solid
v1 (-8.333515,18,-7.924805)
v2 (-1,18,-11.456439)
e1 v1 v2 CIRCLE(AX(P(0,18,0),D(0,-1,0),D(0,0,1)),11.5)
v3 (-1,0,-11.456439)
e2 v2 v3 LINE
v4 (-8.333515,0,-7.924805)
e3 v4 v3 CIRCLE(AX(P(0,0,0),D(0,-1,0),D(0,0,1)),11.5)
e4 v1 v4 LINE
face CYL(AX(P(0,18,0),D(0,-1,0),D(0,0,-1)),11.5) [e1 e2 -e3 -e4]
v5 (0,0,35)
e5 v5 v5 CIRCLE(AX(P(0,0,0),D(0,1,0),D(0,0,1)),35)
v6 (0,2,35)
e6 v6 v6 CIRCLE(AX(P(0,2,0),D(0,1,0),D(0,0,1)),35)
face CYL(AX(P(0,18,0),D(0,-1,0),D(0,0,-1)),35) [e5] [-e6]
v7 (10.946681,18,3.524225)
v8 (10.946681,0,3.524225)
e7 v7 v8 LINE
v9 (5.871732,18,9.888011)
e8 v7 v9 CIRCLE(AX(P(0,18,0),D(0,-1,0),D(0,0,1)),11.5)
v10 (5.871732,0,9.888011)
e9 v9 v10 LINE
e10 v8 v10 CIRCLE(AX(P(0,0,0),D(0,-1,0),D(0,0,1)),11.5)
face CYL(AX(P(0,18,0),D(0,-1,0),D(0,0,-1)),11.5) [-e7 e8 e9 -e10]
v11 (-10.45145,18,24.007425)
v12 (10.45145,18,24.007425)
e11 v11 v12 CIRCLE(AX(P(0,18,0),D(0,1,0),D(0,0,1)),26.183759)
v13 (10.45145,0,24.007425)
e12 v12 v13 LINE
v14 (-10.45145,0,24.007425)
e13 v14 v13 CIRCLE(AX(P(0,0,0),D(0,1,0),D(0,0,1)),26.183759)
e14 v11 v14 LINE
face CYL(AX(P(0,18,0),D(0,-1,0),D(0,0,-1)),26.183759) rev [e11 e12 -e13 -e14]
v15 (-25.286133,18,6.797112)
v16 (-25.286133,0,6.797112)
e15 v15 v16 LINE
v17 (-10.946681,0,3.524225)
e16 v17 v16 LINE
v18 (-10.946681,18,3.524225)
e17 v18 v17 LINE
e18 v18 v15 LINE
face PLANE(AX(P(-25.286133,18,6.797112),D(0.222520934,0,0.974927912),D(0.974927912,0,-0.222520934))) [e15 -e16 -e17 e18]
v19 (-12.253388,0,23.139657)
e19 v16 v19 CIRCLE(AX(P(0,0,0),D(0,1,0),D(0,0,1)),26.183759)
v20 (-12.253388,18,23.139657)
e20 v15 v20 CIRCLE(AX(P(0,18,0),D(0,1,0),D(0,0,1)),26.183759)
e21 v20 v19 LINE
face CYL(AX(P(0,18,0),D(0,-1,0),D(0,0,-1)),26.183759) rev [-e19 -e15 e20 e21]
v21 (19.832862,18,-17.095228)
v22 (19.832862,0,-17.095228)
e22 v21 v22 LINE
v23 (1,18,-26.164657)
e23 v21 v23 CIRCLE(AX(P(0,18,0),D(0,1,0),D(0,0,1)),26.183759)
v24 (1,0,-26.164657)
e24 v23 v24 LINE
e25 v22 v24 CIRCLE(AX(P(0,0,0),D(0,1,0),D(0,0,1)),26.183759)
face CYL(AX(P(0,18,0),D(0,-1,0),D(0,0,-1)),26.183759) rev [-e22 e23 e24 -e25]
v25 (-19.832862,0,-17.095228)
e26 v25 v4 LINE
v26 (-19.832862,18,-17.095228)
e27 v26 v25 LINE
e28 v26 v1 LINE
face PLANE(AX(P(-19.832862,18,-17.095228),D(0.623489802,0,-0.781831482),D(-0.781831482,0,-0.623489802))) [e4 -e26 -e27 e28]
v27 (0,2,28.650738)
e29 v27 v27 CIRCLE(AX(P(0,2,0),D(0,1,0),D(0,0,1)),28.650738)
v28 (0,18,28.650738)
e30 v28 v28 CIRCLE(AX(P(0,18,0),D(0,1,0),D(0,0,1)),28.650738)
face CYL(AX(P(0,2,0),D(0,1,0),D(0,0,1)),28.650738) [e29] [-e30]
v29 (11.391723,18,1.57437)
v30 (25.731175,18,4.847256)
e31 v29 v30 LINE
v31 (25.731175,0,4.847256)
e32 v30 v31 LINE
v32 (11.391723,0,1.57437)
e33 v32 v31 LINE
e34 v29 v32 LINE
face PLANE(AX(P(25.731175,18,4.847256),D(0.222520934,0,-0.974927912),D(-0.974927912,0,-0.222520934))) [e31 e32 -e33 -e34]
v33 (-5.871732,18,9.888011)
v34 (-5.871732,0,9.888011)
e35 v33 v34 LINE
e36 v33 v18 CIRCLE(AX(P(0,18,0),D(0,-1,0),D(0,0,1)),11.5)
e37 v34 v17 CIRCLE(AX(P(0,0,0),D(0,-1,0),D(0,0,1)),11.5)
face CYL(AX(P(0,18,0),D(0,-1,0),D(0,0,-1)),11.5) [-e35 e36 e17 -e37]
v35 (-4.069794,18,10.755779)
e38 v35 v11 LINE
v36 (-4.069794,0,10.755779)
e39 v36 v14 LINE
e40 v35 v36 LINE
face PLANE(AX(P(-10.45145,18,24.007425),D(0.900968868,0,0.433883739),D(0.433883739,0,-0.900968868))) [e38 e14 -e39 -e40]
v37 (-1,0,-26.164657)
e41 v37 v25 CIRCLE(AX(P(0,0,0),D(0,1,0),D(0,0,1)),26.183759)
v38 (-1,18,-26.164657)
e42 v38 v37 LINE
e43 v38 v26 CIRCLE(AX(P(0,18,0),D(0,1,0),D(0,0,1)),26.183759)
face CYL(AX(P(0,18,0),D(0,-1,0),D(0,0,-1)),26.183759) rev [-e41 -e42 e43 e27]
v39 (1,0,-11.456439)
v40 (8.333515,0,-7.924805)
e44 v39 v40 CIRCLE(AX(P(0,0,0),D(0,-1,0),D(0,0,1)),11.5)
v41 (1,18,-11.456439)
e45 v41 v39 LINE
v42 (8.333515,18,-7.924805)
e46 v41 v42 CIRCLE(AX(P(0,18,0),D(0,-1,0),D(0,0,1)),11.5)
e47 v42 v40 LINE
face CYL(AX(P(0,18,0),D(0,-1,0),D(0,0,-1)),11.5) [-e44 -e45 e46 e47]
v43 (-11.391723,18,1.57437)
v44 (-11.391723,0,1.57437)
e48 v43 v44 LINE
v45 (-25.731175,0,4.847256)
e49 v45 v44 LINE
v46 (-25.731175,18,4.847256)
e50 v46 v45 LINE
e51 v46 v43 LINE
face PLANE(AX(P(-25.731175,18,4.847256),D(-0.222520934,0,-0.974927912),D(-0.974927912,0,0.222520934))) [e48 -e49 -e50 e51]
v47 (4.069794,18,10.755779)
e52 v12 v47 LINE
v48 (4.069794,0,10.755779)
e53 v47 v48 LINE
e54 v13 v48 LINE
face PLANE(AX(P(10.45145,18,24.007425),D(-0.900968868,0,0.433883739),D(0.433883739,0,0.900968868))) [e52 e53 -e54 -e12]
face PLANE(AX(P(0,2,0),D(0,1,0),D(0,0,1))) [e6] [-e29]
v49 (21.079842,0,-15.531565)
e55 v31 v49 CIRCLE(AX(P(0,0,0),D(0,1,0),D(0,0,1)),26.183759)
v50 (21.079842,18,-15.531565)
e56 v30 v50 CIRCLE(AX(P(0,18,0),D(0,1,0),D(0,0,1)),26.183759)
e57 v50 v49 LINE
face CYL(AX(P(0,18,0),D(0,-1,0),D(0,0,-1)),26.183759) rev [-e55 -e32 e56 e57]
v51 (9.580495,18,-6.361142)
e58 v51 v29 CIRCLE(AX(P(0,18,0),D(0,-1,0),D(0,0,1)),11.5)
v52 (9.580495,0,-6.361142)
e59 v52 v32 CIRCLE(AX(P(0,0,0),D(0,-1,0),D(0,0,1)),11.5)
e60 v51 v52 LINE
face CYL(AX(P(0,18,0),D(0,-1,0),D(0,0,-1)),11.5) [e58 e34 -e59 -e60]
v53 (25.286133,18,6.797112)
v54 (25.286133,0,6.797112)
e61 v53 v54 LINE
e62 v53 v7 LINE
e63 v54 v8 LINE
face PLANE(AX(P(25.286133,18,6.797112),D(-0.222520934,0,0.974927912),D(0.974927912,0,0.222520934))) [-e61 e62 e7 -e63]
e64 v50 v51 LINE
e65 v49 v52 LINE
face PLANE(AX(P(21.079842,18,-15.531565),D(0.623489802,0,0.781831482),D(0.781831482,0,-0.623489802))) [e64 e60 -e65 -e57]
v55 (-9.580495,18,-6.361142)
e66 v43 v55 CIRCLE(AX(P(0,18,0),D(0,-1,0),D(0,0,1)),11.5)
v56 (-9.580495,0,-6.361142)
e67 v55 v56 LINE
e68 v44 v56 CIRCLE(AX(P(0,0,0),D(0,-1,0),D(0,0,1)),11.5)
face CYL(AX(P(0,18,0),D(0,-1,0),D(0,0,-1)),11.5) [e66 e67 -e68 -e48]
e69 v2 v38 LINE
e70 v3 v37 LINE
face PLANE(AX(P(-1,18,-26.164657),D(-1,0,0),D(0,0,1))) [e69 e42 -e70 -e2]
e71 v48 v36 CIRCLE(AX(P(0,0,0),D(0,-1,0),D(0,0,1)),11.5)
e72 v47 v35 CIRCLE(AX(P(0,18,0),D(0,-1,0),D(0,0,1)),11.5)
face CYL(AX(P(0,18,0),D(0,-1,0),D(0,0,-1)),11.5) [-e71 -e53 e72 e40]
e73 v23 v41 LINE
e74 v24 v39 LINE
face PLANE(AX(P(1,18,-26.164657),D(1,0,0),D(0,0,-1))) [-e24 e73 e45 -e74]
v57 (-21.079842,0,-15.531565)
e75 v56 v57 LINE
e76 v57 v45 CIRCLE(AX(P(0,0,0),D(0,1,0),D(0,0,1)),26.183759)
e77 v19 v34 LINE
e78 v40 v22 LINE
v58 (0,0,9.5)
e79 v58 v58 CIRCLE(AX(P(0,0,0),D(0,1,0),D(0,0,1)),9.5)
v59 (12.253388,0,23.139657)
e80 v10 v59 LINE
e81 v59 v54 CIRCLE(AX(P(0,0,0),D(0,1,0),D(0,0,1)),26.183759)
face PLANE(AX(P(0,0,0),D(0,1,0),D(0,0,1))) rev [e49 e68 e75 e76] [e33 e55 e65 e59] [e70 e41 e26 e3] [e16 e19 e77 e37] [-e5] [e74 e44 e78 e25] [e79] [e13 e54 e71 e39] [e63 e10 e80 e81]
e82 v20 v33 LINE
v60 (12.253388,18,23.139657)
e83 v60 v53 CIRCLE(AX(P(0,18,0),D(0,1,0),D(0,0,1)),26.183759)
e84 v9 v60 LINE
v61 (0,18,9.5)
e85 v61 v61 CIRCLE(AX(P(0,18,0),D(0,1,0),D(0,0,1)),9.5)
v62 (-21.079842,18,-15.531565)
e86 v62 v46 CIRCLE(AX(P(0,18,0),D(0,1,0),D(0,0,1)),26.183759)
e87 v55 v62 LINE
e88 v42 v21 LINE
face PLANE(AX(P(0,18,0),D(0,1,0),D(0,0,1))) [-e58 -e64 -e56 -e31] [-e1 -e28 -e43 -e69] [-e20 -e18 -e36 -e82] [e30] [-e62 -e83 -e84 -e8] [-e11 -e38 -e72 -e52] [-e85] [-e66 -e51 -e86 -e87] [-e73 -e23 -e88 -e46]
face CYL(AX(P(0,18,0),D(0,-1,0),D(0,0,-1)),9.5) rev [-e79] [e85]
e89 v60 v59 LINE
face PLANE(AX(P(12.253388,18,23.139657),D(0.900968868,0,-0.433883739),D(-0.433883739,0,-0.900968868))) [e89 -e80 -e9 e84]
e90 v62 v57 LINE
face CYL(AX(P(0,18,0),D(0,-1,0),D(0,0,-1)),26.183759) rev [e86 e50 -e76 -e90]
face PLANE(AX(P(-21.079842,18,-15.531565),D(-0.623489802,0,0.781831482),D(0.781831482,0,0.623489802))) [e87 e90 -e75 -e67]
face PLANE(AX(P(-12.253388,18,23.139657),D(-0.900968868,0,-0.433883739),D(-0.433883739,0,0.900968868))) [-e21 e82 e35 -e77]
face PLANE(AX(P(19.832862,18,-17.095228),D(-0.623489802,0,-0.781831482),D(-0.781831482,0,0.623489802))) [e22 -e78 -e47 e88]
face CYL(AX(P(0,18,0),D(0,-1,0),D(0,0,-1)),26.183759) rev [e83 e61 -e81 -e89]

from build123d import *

# Parameters (mm, degrees)
SKETCH_1_R          = 35
SKETCH_1_R_2        = 9.5
EXTRUDE_1_DEPTH     = 18
SKETCH_2_R          = 40.856384021
SKETCH_2_R_2        = 28.650737954
CUT_EXTRUDE_1_DEPTH = 16


with BuildPart() as part:
    # 草图1 → 凸台-拉伸1 (new body)
    with BuildSketch(Plane(origin=(0, 0, 0), x_dir=(1, 0, 0), z_dir=(0, 1, 0))):
        Circle(SKETCH_1_R)
        Circle(SKETCH_1_R_2, mode=Mode.SUBTRACT)
        with BuildLine():
            Line((19.832862473, 17.095228055), (8.333515071, 7.924804513))
            ThreePointArc((8.333515071, 7.924804513), (4.989663, 10.361141981), (1, 11.456439237))
            Line((1, 11.456439237), (1, 26.164656621))
            ThreePointArc((1, 26.164656621), (11.360707431, 23.59075206), (19.832862473, 17.095228055))
        make_face(mode=Mode.SUBTRACT)
        with BuildLine():
            Line((-1, 26.164656621), (-1, 11.456439237))
            ThreePointArc((-1, 11.456439237), (-4.989663, 10.361141981), (-8.333515071, 7.924804513))
            Line((-8.333515071, 7.924804513), (-19.832862473, 17.095228055))
            ThreePointArc((-19.832862473, 17.095228055), (-11.360707431, 23.59075206), (-1, 26.164656621))
        make_face(mode=Mode.SUBTRACT)
        with BuildLine():
            Line((21.079842076, 15.53156509), (9.580494675, 6.361141548))
            ThreePointArc((9.580494675, 6.361141548), (11.21167099, 2.55899074), (11.391723321, -1.574369647))
            Line((11.391723321, -1.574369647), (25.731174987, -4.847255916))
            ThreePointArc((25.731174987, -4.847255916), (25.527277881, 5.826434595), (21.079842076, 15.53156509))
        make_face(mode=Mode.SUBTRACT)
        with BuildLine():
            Line((25.286133119, -6.79711174), (10.946681453, -3.524225471))
            ThreePointArc((10.946681453, -3.524225471), (8.991062048, -7.170132721), (5.871731561, -9.888011351))
            Line((5.871731561, -9.888011351), (12.253387915, -23.139657316))
            ThreePointArc((12.253387915, -23.139657316), (20.471287425, -16.325306958), (25.286133119, -6.79711174))
        make_face(mode=Mode.SUBTRACT)
        with BuildLine():
            Line((10.45145018, -24.007424794), (4.069793825, -10.755778829))
            ThreePointArc((4.069793825, -10.755778829), (0, -11.5), (-4.069793825, -10.755778829))
            Line((-4.069793825, -10.755778829), (-10.45145018, -24.007424794))
            ThreePointArc((-10.45145018, -24.007424794), (0, -26.183759396), (10.45145018, -24.007424794))
        make_face(mode=Mode.SUBTRACT)
        with BuildLine():
            Line((-12.253387915, -23.139657316), (-5.871731561, -9.888011351))
            ThreePointArc((-5.871731561, -9.888011351), (-8.991062048, -7.170132721), (-10.946681453, -3.524225471))
            Line((-10.946681453, -3.524225471), (-25.286133119, -6.79711174))
            ThreePointArc((-25.286133119, -6.79711174), (-20.471287425, -16.325306958), (-12.253387915, -23.139657316))
        make_face(mode=Mode.SUBTRACT)
        with BuildLine():
            Line((-25.731174987, -4.847255916), (-11.391723321, -1.574369647))
            ThreePointArc((-11.391723321, -1.574369647), (-11.21167099, 2.55899074), (-9.580494675, 6.361141548))
            Line((-9.580494675, 6.361141548), (-21.079842076, 15.53156509))
            ThreePointArc((-21.079842076, 15.53156509), (-25.527277881, 5.826434595), (-25.731174987, -4.847255916))
        make_face(mode=Mode.SUBTRACT)
    extrude(amount=EXTRUDE_1_DEPTH)

    # 草图2 → 切除-拉伸1 (cut)
    with BuildSketch(Plane(origin=(0, 18, 0), x_dir=(1, 0, 0), z_dir=(0, 1, 0))):
        Circle(SKETCH_2_R)
        Circle(SKETCH_2_R_2, mode=Mode.SUBTRACT)
    extrude(amount=-CUT_EXTRUDE_1_DEPTH, mode=Mode.SUBTRACT)


solid = part.part
